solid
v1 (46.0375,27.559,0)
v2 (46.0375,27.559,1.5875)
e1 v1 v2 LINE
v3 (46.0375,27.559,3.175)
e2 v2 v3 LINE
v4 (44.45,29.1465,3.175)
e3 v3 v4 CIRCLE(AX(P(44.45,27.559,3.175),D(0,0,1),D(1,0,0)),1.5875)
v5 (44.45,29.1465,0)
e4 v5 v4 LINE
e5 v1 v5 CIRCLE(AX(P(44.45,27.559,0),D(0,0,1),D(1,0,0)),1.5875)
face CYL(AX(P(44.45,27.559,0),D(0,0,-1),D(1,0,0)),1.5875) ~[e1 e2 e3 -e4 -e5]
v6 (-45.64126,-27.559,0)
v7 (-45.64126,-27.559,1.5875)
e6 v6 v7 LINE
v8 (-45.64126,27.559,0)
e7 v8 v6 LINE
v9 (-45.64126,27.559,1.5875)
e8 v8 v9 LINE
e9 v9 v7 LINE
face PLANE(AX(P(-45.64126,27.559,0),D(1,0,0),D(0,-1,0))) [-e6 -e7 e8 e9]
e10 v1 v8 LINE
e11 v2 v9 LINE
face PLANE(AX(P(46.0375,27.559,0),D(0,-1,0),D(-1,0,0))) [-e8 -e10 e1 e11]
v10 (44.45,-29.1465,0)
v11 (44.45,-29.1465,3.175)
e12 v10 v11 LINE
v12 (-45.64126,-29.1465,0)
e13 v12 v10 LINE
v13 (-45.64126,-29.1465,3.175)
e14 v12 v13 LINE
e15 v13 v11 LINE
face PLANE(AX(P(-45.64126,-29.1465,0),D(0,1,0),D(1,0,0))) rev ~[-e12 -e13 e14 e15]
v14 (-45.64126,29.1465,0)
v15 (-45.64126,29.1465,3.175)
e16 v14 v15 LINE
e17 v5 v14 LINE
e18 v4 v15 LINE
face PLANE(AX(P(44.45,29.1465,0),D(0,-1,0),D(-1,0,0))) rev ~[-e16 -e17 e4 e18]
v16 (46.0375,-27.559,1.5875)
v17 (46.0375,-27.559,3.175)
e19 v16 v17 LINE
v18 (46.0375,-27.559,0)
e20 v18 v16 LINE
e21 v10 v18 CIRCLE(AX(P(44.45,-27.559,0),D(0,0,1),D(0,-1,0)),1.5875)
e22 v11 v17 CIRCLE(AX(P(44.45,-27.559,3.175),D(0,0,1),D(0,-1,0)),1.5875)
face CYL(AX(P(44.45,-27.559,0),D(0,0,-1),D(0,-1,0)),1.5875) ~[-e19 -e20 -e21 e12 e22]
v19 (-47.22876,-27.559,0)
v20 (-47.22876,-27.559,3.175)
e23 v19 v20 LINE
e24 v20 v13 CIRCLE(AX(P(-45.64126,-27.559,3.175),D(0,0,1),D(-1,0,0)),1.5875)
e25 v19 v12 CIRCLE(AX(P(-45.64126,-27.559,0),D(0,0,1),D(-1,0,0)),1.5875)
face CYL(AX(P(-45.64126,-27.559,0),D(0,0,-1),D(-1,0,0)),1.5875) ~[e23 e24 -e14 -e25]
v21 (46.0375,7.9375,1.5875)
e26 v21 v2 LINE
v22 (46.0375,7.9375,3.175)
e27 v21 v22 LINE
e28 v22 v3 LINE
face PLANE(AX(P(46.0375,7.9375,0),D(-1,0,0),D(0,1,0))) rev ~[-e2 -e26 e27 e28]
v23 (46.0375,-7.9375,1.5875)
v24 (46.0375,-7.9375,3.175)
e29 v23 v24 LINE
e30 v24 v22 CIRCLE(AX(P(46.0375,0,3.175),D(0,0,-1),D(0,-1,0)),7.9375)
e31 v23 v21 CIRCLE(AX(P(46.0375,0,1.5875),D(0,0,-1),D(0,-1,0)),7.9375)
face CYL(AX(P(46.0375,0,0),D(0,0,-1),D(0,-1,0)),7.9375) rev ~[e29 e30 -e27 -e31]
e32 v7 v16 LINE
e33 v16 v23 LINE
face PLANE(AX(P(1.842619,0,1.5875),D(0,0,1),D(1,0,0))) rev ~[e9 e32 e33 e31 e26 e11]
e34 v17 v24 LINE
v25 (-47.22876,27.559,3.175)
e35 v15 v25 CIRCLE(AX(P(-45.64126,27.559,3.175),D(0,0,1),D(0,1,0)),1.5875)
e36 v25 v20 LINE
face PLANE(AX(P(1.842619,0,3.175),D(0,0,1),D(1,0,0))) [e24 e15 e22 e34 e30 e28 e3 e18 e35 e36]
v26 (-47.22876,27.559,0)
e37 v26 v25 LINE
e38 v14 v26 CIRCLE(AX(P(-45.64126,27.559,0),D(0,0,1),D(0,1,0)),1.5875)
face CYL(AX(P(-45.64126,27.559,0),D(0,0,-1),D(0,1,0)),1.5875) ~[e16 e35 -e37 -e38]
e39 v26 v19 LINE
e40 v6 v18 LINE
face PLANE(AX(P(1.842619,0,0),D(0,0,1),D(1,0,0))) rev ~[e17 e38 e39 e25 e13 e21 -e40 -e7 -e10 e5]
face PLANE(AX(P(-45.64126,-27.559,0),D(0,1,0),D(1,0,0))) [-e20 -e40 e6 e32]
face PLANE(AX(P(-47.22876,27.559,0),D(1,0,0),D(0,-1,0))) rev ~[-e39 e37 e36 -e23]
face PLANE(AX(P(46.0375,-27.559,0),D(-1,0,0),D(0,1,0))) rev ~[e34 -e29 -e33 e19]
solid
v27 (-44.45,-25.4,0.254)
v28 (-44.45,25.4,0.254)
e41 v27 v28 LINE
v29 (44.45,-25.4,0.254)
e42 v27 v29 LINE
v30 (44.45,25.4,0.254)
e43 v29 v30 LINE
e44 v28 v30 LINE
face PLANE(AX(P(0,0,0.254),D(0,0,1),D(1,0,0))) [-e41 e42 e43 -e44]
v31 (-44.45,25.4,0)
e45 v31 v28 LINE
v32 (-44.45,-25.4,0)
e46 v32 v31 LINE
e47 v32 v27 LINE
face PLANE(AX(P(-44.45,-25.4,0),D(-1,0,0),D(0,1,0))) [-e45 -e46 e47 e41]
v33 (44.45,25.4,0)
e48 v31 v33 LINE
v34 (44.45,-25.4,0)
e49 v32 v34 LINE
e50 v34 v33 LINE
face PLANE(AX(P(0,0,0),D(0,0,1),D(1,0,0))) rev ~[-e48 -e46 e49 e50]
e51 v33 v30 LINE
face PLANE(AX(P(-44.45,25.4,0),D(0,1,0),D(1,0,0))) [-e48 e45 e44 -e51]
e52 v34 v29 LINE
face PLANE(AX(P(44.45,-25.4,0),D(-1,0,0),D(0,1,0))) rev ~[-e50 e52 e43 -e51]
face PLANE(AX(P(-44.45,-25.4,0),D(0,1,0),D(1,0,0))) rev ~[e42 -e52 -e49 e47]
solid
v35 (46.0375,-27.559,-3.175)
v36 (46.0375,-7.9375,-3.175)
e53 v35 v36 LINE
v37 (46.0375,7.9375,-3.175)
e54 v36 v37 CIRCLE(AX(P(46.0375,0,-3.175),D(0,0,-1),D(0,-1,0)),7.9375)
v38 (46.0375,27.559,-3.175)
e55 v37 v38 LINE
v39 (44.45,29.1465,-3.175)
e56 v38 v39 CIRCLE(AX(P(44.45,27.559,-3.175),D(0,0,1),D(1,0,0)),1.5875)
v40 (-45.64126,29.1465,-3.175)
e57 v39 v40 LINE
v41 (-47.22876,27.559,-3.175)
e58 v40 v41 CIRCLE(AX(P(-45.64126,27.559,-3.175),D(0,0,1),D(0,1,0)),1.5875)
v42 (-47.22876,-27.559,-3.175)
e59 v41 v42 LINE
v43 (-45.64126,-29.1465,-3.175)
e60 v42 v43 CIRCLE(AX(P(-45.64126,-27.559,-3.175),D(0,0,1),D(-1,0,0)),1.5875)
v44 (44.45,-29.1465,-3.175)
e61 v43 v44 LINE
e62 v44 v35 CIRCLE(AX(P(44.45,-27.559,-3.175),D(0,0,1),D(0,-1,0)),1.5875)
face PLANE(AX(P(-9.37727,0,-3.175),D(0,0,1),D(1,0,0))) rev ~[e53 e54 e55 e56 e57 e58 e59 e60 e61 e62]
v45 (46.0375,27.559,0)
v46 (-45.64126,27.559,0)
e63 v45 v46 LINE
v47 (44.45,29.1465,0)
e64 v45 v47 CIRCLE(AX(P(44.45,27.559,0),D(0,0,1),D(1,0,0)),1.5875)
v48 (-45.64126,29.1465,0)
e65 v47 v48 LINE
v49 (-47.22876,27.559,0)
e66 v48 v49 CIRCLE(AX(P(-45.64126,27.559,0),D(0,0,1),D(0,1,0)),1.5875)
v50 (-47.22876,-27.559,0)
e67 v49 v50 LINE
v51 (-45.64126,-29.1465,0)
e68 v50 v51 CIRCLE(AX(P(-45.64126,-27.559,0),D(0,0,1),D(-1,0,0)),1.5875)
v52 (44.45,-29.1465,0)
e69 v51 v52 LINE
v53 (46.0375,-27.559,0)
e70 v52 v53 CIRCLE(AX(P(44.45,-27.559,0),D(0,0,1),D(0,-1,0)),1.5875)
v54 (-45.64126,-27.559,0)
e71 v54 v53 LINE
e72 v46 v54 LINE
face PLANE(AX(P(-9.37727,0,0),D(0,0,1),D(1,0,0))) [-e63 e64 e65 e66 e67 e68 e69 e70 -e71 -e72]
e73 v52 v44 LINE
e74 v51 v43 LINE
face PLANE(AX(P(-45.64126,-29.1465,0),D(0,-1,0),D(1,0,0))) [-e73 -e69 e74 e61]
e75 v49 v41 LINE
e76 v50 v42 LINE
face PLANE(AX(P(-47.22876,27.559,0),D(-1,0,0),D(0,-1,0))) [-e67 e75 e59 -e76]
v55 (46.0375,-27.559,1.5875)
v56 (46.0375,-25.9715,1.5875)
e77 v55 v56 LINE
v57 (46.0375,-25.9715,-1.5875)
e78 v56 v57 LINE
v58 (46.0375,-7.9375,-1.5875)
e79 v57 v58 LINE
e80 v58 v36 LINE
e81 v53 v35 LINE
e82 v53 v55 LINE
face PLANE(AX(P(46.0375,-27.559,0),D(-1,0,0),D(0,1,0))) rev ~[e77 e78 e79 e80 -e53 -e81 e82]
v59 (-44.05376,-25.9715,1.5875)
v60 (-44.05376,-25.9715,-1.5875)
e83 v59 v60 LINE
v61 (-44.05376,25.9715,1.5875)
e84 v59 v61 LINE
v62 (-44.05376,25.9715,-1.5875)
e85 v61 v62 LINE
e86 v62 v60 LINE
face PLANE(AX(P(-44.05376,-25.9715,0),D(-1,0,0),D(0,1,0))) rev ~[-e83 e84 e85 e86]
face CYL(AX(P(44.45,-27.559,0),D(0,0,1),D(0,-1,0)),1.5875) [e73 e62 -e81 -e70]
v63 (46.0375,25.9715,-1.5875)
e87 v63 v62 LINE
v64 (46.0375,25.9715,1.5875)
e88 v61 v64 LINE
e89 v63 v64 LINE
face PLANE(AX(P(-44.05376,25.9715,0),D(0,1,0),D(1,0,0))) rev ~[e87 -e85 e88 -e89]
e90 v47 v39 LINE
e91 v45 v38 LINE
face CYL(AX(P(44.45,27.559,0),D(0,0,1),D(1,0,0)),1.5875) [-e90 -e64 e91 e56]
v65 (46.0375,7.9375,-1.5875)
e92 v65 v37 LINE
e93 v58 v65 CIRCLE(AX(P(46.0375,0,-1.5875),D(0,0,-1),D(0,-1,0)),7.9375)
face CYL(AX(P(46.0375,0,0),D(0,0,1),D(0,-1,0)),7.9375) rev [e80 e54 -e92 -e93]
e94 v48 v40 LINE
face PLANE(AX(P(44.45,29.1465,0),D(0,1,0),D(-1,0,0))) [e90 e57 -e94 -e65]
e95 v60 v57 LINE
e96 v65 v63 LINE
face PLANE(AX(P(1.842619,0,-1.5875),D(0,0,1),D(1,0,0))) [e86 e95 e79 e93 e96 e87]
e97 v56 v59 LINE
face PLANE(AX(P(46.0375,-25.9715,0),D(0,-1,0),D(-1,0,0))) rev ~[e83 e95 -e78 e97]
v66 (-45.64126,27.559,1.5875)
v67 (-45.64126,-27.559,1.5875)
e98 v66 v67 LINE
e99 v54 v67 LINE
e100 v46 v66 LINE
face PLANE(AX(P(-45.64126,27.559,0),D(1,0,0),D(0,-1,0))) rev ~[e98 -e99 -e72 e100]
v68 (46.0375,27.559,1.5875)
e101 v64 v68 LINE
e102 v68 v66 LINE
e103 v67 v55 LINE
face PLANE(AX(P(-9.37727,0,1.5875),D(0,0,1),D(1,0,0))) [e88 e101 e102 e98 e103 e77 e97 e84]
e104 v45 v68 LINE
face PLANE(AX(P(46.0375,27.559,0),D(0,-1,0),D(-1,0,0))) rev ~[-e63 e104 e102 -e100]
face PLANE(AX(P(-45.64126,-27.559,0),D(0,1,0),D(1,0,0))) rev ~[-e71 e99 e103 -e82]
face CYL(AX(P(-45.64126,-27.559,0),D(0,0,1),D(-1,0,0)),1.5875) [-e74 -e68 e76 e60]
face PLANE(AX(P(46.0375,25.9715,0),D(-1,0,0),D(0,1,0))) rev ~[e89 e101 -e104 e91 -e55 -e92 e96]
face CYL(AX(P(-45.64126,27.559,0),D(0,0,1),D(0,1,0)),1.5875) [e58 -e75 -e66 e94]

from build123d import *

# Parameters (mm, degrees)
F0_W     = 88.9
F0_H     = 50.8
F2_DEPTH = 0.254
F3_DEPTH = 3.175
F4_DEPTH = 1.5875
F5_DEPTH = 1.5875
F6_DEPTH = 3.175
F7_DEPTH = 1.5875


with BuildPart() as f2:
    # F0 (on Top) → F2 (new body)
    with BuildSketch(Plane.XY):
        Rectangle(F0_W, F0_H)
    extrude(amount=F2_DEPTH)


with BuildPart() as f3:
    # F1 (on Top) → F3 (new body)
    with BuildSketch(Plane.XY):
        Polygon((-44.05376, 25.9715), (46.0375, 25.9715), (46.0375, 27.559), (-45.64126, 27.559), (-45.64126, -27.559), (46.0375, -27.559), (46.0375, -25.9715), (-44.05376, -25.9715), align=None)
        with BuildLine():
            Line((46.0375, 7.9375), (46.0375, 25.9715))
            Line((46.0375, 25.9715), (-44.05376, 25.9715))
            Line((-44.05376, 25.9715), (-44.05376, -25.9715))
            Line((-44.05376, -25.9715), (46.0375, -25.9715))
            Line((46.0375, -25.9715), (46.0375, -7.9375))
            ThreePointArc((46.0375, -7.9375), (38.1, 0), (46.0375, 7.9375))
        make_face()
        with BuildLine():
            Line((-45.64126, 27.559), (46.0375, 27.559))
            ThreePointArc((46.0375, 27.559), (45.5725320151, 28.6815320151), (44.45, 29.1465))
            Line((44.45, 29.1465), (-45.64126, 29.1465))
            ThreePointArc((-45.64126, 29.1465), (-46.7637920151, 28.6815320151), (-47.22876, 27.559))
            Line((-47.22876, 27.559), (-47.22876, -27.559))
            ThreePointArc((-47.22876, -27.559), (-46.7637920151, -28.6815320151), (-45.64126, -29.1465))
            Line((-45.64126, -29.1465), (44.45, -29.1465))
            ThreePointArc((44.45, -29.1465), (45.5725320151, -28.6815320151), (46.0375, -27.559))
            Line((46.0375, -27.559), (-45.64126, -27.559))
            Line((-45.64126, -27.559), (-45.64126, 27.559))
        make_face()
    extrude(amount=-F3_DEPTH)

    # F1 (on Top) → F4 (cut)
    with BuildSketch(Plane.XY):
        with BuildLine():
            Line((46.0375, 7.9375), (46.0375, 25.9715))
            Line((46.0375, 25.9715), (-44.05376, 25.9715))
            Line((-44.05376, 25.9715), (-44.05376, -25.9715))
            Line((-44.05376, -25.9715), (46.0375, -25.9715))
            Line((46.0375, -25.9715), (46.0375, -7.9375))
            ThreePointArc((46.0375, -7.9375), (38.1, 0), (46.0375, 7.9375))
        make_face()
    extrude(amount=-F4_DEPTH, mode=Mode.SUBTRACT)

    # F1 (on Top) → F5 (join)
    with BuildSketch(Plane.XY):
        Polygon((-44.05376, 25.9715), (46.0375, 25.9715), (46.0375, 27.559), (-45.64126, 27.559), (-45.64126, -27.559), (46.0375, -27.559), (46.0375, -25.9715), (-44.05376, -25.9715), align=None)
    extrude(amount=F5_DEPTH)


with BuildPart() as f6:
    # F1 (on Top) → F6 (new body)
    with BuildSketch(Plane.XY):
        with BuildLine():
            Line((46.0375, 7.9375), (46.0375, 25.9715))
            Line((46.0375, 25.9715), (-44.05376, 25.9715))
            Line((-44.05376, 25.9715), (-44.05376, -25.9715))
            Line((-44.05376, -25.9715), (46.0375, -25.9715))
            Line((46.0375, -25.9715), (46.0375, -7.9375))
            ThreePointArc((46.0375, -7.9375), (38.1, 0), (46.0375, 7.9375))
        make_face()
        Polygon((-44.05376, 25.9715), (46.0375, 25.9715), (46.0375, 27.559), (-45.64126, 27.559), (-45.64126, -27.559), (46.0375, -27.559), (46.0375, -25.9715), (-44.05376, -25.9715), align=None)
        with BuildLine():
            Line((-45.64126, 27.559), (46.0375, 27.559))
            ThreePointArc((46.0375, 27.559), (45.5725320151, 28.6815320151), (44.45, 29.1465))
            Line((44.45, 29.1465), (-45.64126, 29.1465))
            ThreePointArc((-45.64126, 29.1465), (-46.7637920151, 28.6815320151), (-47.22876, 27.559))
            Line((-47.22876, 27.559), (-47.22876, -27.559))
            ThreePointArc((-47.22876, -27.559), (-46.7637920151, -28.6815320151), (-45.64126, -29.1465))
            Line((-45.64126, -29.1465), (44.45, -29.1465))
            ThreePointArc((44.45, -29.1465), (45.5725320151, -28.6815320151), (46.0375, -27.559))
            Line((46.0375, -27.559), (-45.64126, -27.559))
            Line((-45.64126, -27.559), (-45.64126, 27.559))
        make_face()
    extrude(amount=F6_DEPTH)

    # F1 (on Top) → F7 (cut)
    with BuildSketch(Plane.XY):
        with BuildLine():
            Line((46.0375, 7.9375), (46.0375, 25.9715))
            Line((46.0375, 25.9715), (-44.05376, 25.9715))
            Line((-44.05376, 25.9715), (-44.05376, -25.9715))
            Line((-44.05376, -25.9715), (46.0375, -25.9715))
            Line((46.0375, -25.9715), (46.0375, -7.9375))
            ThreePointArc((46.0375, -7.9375), (38.1, 0), (46.0375, 7.9375))
        make_face()
        Polygon((-44.05376, 25.9715), (46.0375, 25.9715), (46.0375, 27.559), (-45.64126, 27.559), (-45.64126, -27.559), (46.0375, -27.559), (46.0375, -25.9715), (-44.05376, -25.9715), align=None)
    extrude(amount=F7_DEPTH, mode=Mode.SUBTRACT)


solid = Compound([f2.part, f3.part, f6.part])
